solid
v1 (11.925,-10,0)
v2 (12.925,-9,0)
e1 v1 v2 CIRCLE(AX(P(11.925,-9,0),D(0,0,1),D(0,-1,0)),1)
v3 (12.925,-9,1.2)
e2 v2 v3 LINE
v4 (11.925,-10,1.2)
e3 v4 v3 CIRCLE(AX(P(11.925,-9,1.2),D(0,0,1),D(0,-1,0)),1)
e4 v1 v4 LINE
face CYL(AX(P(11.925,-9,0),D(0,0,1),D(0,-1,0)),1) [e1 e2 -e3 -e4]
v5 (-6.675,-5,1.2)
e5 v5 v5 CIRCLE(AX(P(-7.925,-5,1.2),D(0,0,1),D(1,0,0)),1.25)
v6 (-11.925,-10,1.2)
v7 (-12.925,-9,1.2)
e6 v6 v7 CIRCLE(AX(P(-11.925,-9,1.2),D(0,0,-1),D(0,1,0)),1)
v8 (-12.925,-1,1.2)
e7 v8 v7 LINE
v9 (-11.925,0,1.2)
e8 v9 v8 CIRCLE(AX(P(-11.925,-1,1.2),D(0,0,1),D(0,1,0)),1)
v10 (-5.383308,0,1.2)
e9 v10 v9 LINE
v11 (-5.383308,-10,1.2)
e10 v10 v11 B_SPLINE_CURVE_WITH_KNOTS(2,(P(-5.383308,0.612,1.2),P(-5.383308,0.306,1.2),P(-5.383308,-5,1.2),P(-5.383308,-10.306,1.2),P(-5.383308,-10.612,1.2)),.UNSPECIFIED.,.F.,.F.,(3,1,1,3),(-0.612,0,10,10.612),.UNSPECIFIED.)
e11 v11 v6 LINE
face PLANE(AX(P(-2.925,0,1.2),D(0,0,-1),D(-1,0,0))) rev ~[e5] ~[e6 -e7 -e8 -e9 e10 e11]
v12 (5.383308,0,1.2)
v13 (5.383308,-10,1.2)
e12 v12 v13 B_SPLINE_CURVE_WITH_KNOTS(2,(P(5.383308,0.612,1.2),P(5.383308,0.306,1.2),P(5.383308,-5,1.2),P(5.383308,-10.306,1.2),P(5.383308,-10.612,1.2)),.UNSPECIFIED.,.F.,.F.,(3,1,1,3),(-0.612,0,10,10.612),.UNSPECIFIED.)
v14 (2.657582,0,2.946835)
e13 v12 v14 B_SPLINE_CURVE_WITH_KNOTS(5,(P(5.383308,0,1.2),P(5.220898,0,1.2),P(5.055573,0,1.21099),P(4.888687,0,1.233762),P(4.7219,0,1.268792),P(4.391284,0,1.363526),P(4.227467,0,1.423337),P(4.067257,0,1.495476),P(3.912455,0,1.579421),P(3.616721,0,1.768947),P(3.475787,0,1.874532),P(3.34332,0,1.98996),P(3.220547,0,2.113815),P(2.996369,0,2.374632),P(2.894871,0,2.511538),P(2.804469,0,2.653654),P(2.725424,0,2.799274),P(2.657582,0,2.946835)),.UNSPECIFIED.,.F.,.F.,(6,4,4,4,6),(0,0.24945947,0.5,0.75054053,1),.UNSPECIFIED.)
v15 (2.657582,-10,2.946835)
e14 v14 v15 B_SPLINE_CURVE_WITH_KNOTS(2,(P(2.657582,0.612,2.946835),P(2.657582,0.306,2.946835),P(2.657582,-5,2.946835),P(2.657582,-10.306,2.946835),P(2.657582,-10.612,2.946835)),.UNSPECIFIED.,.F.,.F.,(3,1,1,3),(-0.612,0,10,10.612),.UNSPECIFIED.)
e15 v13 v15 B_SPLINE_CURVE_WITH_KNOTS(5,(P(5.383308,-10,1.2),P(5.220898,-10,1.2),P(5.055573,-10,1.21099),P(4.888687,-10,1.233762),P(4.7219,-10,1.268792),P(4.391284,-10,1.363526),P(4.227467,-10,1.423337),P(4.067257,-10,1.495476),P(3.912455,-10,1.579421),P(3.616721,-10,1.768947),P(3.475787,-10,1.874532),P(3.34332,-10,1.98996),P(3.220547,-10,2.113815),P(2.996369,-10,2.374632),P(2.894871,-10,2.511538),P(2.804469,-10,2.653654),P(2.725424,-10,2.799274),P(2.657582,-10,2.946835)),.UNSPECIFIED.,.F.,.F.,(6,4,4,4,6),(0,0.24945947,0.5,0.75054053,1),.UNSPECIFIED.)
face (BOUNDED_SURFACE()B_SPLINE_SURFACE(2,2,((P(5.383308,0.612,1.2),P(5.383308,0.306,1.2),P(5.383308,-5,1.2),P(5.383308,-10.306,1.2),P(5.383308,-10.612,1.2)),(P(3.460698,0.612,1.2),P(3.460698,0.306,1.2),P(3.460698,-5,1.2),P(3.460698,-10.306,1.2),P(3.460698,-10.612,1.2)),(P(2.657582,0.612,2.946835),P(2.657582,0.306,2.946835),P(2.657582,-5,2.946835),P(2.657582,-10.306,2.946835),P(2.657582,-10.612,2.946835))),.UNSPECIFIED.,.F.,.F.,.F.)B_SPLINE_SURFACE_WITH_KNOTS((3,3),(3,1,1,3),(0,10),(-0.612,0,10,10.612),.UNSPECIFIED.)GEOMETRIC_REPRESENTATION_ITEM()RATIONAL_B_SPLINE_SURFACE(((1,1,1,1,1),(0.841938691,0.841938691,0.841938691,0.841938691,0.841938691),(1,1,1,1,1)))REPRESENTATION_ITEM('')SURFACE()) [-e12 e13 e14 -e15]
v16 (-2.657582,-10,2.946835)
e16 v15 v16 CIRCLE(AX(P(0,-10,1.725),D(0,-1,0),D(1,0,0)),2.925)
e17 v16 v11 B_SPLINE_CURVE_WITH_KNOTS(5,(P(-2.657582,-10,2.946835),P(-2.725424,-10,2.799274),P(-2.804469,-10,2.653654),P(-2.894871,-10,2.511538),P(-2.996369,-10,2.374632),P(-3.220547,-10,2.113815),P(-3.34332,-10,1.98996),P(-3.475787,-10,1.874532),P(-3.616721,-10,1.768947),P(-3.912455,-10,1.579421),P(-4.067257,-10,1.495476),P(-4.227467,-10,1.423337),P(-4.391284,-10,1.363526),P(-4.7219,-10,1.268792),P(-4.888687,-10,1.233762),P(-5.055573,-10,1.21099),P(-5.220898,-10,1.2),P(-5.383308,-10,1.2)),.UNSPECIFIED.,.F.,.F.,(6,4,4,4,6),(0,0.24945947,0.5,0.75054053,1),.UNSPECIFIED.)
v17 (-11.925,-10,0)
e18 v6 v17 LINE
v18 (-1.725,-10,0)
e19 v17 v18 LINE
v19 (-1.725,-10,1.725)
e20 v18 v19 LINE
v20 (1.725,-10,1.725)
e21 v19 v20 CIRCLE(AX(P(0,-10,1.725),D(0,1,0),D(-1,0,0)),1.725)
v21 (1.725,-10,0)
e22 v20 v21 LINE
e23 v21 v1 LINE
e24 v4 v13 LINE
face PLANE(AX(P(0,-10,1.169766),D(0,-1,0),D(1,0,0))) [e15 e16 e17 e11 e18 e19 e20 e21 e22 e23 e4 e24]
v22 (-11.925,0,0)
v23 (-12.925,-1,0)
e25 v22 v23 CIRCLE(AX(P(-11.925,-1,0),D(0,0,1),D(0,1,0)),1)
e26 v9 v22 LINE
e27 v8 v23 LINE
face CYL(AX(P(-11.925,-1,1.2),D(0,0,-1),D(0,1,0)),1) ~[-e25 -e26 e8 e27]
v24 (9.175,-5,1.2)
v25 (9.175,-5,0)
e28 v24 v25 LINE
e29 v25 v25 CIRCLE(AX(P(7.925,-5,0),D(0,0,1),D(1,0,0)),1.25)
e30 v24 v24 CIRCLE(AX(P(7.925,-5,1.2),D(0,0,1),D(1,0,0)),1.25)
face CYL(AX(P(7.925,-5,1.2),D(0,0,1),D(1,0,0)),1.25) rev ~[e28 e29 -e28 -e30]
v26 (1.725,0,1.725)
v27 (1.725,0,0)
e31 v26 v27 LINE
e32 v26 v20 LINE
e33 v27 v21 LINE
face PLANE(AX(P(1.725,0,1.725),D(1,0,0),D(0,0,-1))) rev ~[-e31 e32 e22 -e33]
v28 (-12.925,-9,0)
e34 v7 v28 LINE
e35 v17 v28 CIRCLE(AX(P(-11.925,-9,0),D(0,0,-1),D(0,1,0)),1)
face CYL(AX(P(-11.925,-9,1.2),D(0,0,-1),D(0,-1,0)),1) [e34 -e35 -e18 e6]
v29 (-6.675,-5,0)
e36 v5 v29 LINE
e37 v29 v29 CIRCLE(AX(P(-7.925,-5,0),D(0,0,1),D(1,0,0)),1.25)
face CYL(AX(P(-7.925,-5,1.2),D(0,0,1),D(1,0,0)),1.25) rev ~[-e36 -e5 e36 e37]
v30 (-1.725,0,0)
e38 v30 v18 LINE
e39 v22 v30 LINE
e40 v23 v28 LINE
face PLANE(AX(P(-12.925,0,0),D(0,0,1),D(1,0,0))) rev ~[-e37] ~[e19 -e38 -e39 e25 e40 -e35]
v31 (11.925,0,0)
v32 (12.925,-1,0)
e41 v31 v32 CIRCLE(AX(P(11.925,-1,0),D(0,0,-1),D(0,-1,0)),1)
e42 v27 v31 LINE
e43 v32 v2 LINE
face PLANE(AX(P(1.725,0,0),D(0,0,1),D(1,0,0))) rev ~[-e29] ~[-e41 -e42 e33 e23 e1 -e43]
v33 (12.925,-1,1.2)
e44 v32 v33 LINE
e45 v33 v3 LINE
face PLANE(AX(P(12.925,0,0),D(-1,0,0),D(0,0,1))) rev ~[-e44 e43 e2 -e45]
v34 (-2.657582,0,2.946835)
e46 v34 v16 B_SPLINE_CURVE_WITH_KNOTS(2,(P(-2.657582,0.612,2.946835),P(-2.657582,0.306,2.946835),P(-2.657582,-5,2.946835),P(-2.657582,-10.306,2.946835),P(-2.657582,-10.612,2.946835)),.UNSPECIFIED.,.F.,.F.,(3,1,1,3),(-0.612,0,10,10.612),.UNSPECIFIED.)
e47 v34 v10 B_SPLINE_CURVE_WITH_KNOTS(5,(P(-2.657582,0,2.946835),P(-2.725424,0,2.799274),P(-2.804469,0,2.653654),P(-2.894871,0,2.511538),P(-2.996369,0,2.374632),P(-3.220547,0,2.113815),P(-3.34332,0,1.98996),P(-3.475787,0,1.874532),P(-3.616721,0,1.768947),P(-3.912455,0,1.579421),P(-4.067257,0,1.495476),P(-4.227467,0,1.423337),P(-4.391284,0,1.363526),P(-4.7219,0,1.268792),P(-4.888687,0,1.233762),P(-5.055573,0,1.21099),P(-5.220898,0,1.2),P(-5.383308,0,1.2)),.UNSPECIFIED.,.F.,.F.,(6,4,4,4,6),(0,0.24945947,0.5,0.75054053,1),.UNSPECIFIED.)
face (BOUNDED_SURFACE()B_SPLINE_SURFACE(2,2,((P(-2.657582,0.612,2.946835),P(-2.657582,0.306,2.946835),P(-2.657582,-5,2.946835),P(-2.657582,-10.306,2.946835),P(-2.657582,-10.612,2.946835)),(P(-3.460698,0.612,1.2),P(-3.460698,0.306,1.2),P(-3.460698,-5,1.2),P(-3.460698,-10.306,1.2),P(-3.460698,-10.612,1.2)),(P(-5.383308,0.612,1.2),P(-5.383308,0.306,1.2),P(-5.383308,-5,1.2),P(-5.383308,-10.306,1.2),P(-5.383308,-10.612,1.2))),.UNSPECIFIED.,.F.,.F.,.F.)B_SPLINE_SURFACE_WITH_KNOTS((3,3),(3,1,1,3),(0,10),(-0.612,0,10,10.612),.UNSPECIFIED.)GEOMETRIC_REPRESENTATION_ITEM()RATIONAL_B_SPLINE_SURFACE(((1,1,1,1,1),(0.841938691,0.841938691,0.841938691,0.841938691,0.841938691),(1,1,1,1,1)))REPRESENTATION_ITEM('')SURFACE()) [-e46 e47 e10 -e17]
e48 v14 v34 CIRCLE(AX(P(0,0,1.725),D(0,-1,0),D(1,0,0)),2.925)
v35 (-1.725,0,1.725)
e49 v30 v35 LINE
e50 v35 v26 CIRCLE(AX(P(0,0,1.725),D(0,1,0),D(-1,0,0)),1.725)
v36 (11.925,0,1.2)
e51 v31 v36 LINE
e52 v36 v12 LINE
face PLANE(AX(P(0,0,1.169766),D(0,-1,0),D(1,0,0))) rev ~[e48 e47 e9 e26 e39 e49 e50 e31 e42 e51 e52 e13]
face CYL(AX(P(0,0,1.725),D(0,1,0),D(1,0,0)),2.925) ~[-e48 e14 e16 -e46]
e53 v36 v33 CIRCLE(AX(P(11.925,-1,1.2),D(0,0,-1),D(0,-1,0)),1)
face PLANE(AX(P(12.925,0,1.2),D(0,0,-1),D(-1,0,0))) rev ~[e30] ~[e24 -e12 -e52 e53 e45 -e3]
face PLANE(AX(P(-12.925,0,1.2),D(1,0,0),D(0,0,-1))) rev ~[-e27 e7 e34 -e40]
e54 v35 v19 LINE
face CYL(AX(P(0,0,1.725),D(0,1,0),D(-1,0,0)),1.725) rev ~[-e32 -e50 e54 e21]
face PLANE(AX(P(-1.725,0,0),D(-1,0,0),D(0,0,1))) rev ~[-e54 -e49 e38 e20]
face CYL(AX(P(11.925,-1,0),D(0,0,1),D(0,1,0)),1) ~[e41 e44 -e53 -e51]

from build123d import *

# Parameters (mm, degrees)
F1_DEPTH = 10
F2_R     = 1.25
F3_DEPTH = 1.201
F4_R     = 1
F5_R     = 3


with BuildPart() as f1:
    # F0 (on Front) → F1 (new body)
    with BuildSketch(Plane.XZ):
        with BuildLine():
            ThreePointArc((-1.725, 1.725), (0, 3.45), (1.725, 1.725))
            Line((1.725, 1.725), (1.725, 0))
            Line((1.725, 0), (2.925, 0))
            Line((2.925, 0), (12.925, 0))
            Line((12.925, 0), (12.925, 1.2))
            Line((12.925, 1.2), (2.925, 1.2))
            Line((2.925, 1.2), (2.925, 1.725))
            ThreePointArc((2.925, 1.725), (0, 4.65), (-2.925, 1.725))
            Line((-2.925, 1.725), (-2.925, 1.2))
            Line((-2.925, 1.2), (-12.925, 1.2))
            Line((-12.925, 1.2), (-12.925, 0))
            Line((-12.925, 0), (-2.925, 0))
            Line((-2.925, 0), (-1.725, 0))
            Line((-1.725, 0), (-1.725, 1.725))
        make_face()
    extrude(amount=F1_DEPTH)

    # F2 (on face) → F3 (cut, through all)
    with BuildSketch(Plane.XY.offset(1.2)):
        with Locations((7.925, -5)):
            Circle(F2_R)
        with Locations((-7.925, -5)):
            Circle(F2_R)
    extrude(amount=-F3_DEPTH, mode=Mode.SUBTRACT)

    # F4
    f4_edges = [f1.edges().sort_by_distance(p)[0] for p in [
        (12.925, -10, 0.6),
        (-12.925, -10, 0.6),
        (12.925, 0, 0.6),
        (-12.925, 0, 0.6),
    ]]
    fillet(f4_edges, radius=F4_R)

    # F5
    f5_edges = [f1.edges().sort_by_distance(p)[0] for p in [
        (2.925, -5, 1.2),
        (-2.925, -5, 1.2),
    ]]
    fillet(f5_edges, radius=F5_R)


solid = f1.part
